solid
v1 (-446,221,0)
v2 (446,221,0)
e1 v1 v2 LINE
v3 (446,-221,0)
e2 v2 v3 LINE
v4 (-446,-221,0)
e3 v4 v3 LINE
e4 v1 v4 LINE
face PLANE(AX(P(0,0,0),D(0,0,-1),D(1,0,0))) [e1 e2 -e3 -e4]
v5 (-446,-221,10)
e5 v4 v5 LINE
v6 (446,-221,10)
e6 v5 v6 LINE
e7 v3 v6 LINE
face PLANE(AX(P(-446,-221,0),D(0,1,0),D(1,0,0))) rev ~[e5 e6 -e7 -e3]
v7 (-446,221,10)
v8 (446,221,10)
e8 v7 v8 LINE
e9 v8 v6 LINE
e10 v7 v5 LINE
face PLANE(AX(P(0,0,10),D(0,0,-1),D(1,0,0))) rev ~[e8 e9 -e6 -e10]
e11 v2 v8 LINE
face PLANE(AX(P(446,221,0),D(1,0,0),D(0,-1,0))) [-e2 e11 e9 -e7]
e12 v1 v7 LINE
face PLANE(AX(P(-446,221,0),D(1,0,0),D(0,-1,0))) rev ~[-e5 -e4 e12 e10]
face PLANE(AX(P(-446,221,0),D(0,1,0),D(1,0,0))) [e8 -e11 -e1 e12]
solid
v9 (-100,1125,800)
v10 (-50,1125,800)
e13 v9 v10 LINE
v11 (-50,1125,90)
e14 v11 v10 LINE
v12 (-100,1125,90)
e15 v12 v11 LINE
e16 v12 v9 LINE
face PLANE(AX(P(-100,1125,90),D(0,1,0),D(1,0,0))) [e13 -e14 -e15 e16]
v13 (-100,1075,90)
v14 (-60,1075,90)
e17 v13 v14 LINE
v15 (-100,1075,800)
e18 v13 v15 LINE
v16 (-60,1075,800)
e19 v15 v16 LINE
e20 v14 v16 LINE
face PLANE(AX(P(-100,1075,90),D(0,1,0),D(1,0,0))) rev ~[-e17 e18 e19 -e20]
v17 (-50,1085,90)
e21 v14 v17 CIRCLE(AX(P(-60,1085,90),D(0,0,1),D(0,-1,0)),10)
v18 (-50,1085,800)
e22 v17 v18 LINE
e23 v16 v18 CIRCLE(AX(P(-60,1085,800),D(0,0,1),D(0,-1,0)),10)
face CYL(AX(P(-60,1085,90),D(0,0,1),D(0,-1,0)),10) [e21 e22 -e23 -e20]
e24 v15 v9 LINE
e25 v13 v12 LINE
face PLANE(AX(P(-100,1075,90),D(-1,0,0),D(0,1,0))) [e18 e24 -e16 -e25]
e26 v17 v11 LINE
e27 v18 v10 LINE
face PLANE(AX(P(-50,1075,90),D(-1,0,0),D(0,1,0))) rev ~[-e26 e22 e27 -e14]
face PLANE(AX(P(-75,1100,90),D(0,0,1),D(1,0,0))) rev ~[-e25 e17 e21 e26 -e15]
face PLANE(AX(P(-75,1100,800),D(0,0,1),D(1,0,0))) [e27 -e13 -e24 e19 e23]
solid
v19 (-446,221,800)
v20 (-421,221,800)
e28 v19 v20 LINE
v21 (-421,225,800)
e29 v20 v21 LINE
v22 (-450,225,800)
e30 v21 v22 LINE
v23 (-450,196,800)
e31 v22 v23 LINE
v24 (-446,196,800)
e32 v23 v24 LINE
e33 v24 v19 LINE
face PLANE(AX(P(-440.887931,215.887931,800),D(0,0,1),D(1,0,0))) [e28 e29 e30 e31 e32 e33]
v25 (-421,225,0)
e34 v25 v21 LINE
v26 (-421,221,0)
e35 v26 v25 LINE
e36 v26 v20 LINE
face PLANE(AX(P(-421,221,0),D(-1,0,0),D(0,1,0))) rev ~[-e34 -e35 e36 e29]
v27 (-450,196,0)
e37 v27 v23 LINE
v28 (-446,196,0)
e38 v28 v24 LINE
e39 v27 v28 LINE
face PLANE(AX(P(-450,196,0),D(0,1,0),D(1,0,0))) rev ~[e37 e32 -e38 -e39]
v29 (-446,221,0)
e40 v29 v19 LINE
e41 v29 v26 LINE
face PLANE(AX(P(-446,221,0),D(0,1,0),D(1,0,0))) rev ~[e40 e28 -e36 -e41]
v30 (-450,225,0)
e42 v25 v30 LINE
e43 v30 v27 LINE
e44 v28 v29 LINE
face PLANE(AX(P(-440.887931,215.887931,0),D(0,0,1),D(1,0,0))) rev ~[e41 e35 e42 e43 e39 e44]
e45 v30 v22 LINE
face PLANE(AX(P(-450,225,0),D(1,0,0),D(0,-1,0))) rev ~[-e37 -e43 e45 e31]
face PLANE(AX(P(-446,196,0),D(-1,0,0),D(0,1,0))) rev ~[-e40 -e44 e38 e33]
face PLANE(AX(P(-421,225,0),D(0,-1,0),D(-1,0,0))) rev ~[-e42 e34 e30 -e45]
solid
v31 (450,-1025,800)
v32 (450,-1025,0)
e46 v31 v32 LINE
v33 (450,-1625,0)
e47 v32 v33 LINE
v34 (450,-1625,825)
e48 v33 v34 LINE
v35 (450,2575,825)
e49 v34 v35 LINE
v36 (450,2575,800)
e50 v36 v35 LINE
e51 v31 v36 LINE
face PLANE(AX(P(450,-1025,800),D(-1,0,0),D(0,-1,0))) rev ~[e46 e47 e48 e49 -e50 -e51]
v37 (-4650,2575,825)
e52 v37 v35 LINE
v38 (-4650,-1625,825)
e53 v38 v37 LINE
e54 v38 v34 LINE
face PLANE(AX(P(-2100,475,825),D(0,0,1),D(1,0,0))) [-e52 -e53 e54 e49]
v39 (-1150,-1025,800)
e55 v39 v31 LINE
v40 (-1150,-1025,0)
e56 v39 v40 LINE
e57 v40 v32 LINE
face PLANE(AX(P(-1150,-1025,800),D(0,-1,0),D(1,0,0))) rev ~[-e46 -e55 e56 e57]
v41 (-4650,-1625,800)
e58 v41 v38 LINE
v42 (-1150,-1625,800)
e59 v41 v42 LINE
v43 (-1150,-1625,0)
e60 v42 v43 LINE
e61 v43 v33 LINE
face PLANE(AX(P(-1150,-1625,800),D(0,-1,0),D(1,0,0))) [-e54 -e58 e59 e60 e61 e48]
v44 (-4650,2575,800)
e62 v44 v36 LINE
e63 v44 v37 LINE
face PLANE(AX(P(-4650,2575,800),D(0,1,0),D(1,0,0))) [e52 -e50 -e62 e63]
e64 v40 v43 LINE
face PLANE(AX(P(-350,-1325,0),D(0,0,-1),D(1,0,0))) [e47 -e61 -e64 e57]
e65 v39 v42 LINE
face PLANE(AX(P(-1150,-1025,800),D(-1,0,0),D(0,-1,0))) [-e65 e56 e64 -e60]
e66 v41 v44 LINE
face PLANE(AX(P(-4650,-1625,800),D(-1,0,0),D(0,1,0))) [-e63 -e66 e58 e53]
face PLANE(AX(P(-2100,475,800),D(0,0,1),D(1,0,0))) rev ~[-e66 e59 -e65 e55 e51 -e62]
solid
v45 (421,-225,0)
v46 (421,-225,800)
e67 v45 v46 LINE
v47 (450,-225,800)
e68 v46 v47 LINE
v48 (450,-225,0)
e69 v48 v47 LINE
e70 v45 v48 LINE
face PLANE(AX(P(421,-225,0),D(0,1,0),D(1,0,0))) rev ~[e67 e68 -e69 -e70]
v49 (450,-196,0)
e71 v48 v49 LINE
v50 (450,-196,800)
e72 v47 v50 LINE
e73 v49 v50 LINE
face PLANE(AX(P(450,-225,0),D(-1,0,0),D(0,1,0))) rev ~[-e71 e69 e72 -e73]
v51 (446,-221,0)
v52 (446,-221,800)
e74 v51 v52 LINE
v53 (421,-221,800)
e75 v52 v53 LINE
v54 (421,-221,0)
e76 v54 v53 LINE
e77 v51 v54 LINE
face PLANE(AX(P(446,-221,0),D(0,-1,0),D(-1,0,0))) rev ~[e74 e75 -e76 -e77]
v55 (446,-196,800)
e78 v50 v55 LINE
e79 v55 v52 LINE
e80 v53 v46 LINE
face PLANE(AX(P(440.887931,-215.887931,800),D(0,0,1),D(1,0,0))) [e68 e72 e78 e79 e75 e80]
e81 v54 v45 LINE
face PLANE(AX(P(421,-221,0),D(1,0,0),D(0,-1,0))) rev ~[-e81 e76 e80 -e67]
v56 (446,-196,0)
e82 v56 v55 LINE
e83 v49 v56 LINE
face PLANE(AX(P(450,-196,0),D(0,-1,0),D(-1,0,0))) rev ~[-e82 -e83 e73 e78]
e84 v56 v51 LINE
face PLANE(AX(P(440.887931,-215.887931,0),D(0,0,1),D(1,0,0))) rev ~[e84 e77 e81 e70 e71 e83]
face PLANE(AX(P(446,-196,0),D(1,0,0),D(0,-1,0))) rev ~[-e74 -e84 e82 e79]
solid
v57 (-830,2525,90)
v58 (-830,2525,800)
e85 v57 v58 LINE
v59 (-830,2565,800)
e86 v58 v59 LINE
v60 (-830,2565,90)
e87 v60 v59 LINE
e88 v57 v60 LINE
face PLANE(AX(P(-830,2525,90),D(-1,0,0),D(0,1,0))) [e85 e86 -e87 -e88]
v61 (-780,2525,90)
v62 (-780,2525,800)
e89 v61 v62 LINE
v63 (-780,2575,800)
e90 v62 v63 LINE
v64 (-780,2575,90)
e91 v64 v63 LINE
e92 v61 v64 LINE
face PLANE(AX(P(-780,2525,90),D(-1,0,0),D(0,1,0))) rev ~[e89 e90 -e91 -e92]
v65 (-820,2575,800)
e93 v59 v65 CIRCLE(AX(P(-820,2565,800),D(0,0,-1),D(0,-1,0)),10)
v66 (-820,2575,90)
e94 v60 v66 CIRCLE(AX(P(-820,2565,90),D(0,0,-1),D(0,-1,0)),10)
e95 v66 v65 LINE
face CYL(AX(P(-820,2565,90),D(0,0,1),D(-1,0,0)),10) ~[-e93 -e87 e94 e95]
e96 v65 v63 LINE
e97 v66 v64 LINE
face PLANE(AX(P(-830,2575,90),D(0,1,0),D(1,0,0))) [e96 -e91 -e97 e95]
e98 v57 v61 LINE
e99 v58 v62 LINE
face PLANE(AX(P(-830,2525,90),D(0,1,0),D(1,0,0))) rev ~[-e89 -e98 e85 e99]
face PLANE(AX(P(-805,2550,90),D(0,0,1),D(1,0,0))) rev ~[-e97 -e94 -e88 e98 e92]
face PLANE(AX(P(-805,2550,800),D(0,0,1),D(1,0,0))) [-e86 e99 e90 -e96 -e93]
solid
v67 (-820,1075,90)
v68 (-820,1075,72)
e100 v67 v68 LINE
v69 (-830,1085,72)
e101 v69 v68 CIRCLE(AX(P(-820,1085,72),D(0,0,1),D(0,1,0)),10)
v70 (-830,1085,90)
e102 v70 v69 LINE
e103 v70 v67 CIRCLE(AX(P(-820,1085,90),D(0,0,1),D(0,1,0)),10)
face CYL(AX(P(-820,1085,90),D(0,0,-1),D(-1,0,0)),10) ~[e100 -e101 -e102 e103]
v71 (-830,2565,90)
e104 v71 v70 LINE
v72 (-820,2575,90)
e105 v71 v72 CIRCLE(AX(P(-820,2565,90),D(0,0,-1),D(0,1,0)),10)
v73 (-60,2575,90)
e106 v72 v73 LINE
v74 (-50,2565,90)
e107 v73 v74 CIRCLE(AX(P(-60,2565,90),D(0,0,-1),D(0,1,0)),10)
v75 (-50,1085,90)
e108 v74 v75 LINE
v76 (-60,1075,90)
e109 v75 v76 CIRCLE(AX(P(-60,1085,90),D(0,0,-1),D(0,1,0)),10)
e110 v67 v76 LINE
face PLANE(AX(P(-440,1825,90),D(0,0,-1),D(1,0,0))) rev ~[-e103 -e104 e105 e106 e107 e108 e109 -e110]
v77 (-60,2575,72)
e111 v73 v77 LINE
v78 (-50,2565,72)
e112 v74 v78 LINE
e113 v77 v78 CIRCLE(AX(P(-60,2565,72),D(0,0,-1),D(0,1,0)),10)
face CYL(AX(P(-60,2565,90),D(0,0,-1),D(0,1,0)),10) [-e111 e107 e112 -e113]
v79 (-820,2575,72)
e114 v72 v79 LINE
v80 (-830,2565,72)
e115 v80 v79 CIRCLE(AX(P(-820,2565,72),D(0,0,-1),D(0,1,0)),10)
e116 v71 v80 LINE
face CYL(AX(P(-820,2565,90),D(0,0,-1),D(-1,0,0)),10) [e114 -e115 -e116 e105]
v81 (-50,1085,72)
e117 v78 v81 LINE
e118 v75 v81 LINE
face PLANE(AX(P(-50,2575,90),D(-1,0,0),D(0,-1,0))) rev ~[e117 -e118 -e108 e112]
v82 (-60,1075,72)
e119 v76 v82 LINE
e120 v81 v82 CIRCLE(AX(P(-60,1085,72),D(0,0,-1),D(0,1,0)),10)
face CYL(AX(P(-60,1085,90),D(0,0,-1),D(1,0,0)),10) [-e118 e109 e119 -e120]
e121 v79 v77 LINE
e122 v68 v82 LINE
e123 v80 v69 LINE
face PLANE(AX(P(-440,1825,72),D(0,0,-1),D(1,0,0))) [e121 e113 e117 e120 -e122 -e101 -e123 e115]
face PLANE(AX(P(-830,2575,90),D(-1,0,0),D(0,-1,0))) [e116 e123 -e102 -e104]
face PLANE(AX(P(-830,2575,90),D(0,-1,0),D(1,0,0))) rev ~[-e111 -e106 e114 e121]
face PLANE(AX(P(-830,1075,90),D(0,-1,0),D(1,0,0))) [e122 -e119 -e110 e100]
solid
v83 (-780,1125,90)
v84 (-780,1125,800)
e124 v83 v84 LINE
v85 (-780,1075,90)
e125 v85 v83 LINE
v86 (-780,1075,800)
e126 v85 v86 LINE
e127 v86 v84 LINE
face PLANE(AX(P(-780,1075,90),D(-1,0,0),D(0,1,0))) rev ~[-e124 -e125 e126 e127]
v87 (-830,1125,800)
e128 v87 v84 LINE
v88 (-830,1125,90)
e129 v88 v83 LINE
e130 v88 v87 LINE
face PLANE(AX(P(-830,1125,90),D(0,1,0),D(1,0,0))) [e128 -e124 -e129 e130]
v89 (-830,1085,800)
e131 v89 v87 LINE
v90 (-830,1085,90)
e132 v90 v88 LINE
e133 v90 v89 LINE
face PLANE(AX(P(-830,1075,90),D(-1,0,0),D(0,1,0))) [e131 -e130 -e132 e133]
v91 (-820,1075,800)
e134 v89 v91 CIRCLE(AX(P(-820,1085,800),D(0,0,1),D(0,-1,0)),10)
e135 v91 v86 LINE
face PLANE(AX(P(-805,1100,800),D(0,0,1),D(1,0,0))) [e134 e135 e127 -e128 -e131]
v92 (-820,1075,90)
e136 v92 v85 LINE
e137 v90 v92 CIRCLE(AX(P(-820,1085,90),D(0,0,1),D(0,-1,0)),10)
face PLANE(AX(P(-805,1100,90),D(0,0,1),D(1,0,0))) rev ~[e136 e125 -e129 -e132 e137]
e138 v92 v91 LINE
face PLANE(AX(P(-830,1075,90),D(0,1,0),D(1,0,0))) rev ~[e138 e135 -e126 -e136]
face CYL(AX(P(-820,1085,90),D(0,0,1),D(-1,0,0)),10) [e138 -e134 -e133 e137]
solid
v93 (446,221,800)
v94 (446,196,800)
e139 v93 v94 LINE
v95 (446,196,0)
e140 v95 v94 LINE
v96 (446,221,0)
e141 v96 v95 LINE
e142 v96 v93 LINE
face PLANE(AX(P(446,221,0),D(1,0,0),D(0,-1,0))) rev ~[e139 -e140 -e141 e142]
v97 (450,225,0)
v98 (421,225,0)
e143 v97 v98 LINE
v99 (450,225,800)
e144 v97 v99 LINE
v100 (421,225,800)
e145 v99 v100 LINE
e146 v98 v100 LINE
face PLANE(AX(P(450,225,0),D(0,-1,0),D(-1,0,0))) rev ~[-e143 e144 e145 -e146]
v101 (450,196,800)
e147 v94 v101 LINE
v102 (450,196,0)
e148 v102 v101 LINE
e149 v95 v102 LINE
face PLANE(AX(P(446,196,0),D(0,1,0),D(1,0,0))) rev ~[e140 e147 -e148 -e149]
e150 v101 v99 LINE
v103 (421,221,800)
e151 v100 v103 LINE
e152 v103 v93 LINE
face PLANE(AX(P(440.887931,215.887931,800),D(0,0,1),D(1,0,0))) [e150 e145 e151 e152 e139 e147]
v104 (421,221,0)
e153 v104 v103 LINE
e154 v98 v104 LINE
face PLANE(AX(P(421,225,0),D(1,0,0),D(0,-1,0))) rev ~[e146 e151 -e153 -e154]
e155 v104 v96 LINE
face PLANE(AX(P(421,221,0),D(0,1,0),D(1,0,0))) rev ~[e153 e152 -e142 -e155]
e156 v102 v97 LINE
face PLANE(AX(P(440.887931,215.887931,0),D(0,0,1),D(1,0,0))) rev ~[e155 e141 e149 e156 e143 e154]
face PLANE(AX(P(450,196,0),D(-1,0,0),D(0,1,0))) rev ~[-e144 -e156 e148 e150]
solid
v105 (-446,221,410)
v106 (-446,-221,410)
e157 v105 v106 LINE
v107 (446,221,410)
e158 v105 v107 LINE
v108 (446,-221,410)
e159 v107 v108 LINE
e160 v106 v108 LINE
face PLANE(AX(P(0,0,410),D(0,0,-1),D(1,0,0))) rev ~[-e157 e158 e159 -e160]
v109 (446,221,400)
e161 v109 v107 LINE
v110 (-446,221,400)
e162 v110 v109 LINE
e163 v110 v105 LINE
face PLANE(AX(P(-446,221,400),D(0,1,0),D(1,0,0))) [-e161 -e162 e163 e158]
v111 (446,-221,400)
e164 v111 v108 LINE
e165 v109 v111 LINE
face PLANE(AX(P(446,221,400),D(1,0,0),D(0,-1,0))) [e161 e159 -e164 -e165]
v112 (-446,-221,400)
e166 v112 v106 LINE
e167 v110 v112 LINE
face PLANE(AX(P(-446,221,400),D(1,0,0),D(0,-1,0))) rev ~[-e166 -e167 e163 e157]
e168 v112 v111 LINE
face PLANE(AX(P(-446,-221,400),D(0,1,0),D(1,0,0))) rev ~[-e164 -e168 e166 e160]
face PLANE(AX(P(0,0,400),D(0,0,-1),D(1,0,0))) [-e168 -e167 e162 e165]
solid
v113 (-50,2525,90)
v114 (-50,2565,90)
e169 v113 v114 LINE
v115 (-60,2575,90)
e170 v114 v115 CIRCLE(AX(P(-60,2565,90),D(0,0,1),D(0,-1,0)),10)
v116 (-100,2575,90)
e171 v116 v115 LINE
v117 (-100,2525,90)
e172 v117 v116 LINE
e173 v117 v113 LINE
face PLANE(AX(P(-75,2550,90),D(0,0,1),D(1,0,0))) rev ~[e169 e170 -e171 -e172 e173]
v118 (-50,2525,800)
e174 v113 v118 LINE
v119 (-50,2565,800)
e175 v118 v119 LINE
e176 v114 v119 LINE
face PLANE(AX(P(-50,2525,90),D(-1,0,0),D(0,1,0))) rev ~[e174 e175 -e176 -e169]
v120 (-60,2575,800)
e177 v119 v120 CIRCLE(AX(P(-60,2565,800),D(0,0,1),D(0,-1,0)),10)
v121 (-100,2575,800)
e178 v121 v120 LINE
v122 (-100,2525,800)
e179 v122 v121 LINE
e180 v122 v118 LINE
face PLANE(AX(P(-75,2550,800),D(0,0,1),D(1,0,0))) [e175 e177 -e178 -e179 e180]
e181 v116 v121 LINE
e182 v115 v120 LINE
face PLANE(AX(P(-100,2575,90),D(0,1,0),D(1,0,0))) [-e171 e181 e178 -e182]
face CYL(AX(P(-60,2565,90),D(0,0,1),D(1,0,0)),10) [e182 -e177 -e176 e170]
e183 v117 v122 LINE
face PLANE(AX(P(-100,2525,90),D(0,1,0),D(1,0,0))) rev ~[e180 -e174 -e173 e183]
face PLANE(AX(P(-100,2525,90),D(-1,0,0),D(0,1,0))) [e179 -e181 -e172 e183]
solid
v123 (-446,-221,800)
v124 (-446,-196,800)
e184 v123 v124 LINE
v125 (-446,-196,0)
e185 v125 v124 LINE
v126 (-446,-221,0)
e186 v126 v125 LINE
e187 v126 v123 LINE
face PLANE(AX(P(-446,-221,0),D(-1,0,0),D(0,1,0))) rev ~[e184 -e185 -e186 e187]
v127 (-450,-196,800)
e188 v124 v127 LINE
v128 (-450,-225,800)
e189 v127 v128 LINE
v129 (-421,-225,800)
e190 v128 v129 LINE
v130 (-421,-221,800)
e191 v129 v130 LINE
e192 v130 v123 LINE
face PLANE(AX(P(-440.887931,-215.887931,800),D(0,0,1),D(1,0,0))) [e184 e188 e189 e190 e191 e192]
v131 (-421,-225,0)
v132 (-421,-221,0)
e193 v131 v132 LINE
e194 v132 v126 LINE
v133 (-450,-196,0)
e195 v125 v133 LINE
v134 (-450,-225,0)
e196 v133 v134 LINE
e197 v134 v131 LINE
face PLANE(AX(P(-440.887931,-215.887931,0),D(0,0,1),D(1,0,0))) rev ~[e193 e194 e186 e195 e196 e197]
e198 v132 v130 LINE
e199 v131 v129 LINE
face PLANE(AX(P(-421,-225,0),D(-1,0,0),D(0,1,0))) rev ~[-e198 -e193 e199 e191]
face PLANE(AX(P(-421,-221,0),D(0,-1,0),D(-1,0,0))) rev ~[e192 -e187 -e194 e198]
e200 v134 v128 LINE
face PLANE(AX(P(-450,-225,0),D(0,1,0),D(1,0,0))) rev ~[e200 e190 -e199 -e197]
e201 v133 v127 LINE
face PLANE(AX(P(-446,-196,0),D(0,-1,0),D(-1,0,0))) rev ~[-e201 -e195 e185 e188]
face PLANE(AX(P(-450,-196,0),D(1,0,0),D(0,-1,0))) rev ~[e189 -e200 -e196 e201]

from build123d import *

# Parameters (mm, degrees)
F1_DEPTH  = 800
F2_W      = 892
F2_H      = 442
F3_DEPTH  = 10
F5_W      = 892
F5_H      = 442
F6_DEPTH  = 10
F7_W      = 5100
F7_H      = 4200
F8_DEPTH  = 25
F9_W      = 1600
F9_H      = 600
F10_DEPTH = 800
F12_W     = 780
F12_H     = 1500
F13_DEPTH = 18
F14_W     = 50
F14_H     = 50
F15_DEPTH = 710
F16_R     = 10
F16_2_R   = 10
F16_3_R   = 10
F16_4_R   = 10
F16_5_R   = 10


with BuildPart() as f1:
    # F0 (on Top) → F1 (new body)
    with BuildSketch(Plane.XY):
        Polygon((-421, 225), (-450, 225), (-450, 196), (-446, 196), (-446, 221), (-421, 221), align=None)
    extrude(amount=F1_DEPTH)


with BuildPart() as f1b:
    # F0 (on Top) → F1, piece 2 (new body)
    with BuildSketch(Plane.XY):
        Polygon((-446, -221), (-446, -196), (-450, -196), (-450, -225), (-421, -225), (-421, -221), align=None)
    extrude(amount=F1_DEPTH)


with BuildPart() as f1c:
    # F0 (on Top) → F1, piece 3 (new body)
    with BuildSketch(Plane.XY):
        Polygon((421, -221), (421, -225), (450, -225), (450, -196), (446, -196), (446, -221), align=None)
    extrude(amount=F1_DEPTH)


with BuildPart() as f1d:
    # F0 (on Top) → F1, piece 4 (new body)
    with BuildSketch(Plane.XY):
        Polygon((450, 196), (450, 225), (421, 225), (421, 221), (446, 221), (446, 196), align=None)
    extrude(amount=F1_DEPTH)


with BuildPart() as f3:
    # F2 (on face) → F3 (new body)
    with BuildSketch(Plane(origin=(0, 0, 0), x_dir=(1, 0, 0), z_dir=(0, 0, -1))):
        Rectangle(F2_W, F2_H)
    extrude(amount=-F3_DEPTH)


with BuildPart() as f6:
    # F5 (on offset) → F6 (new body)
    with BuildSketch(Plane(origin=(0, 0, 400), x_dir=(1, 0, 0), z_dir=(0, 0, -1))):
        Rectangle(F5_W, F5_H)
    extrude(amount=-F6_DEPTH)


with BuildPart() as f8:
    # F7 (on face) → F8 (new body)
    with BuildSketch(Plane.XY.offset(800)):
        with Locations((-2100, 475)):
            Rectangle(F7_W, F7_H)
    extrude(amount=F8_DEPTH)

    # F9 (on face) → F10 (join)
    with BuildSketch(Plane(origin=(0, 0, 800), x_dir=(1, 0, 0), z_dir=(0, 0, -1))):
        with Locations((-350, 1325)):
            Rectangle(F9_W, F9_H)
    extrude(amount=F10_DEPTH)


with BuildPart() as f13:
    # F12 (on offset) → F13 (new body)
    with BuildSketch(Plane(origin=(0, 0, 90), x_dir=(1, 0, 0), z_dir=(0, 0, -1))):
        with Locations((-440, -1825)):
            Rectangle(F12_W, F12_H)
    extrude(amount=F13_DEPTH)

    # F16
    f16_edges = [f13.edges().sort_by_distance(p)[0] for p in [
        (-50, 1075, 81),
        (-50, 2575, 81),
        (-830, 2575, 81),
        (-830, 1075, 81),
    ]]
    fillet(f16_edges, radius=F16_R)


with BuildPart() as f15:
    # F14 (on face) → F15 (new body, through all)
    with BuildSketch(Plane.XY.offset(90)):
        with Locations((-805, 1100)):
            Rectangle(F14_W, F14_H)
    extrude(amount=F15_DEPTH)

    # F16#5
    f16_5_edges = [f15.edges().sort_by_distance(p)[0] for p in [
        (-830, 1075, 445),
    ]]
    fillet(f16_5_edges, radius=F16_5_R)


with BuildPart() as f15b:
    # F14 (on face) → F15, piece 2 (new body, through all)
    with BuildSketch(Plane.XY.offset(90)):
        with Locations((-75, 1100)):
            Rectangle(F14_W, F14_H)
    extrude(amount=F15_DEPTH)

    # F16#4
    f16_4_edges = [f15b.edges().sort_by_distance(p)[0] for p in [
        (-50, 1075, 445),
    ]]
    fillet(f16_4_edges, radius=F16_4_R)


with BuildPart() as f15c:
    # F14 (on face) → F15, piece 3 (new body, through all)
    with BuildSketch(Plane.XY.offset(90)):
        with Locations((-75, 2550)):
            Rectangle(F14_W, F14_H)
    extrude(amount=F15_DEPTH)

    # F16#3
    f16_3_edges = [f15c.edges().sort_by_distance(p)[0] for p in [
        (-50, 2575, 445),
    ]]
    fillet(f16_3_edges, radius=F16_3_R)


with BuildPart() as f15d:
    # F14 (on face) → F15, piece 4 (new body, through all)
    with BuildSketch(Plane.XY.offset(90)):
        with Locations((-805, 2550)):
            Rectangle(F14_W, F14_H)
    extrude(amount=F15_DEPTH)

    # F16#2
    f16_2_edges = [f15d.edges().sort_by_distance(p)[0] for p in [
        (-830, 2575, 445),
    ]]
    fillet(f16_2_edges, radius=F16_2_R)


solid = Compound([f1.part, f1b.part, f1c.part, f1d.part, f3.part, f6.part, f8.part, f13.part, f15.part, f15b.part, f15c.part, f15d.part])
